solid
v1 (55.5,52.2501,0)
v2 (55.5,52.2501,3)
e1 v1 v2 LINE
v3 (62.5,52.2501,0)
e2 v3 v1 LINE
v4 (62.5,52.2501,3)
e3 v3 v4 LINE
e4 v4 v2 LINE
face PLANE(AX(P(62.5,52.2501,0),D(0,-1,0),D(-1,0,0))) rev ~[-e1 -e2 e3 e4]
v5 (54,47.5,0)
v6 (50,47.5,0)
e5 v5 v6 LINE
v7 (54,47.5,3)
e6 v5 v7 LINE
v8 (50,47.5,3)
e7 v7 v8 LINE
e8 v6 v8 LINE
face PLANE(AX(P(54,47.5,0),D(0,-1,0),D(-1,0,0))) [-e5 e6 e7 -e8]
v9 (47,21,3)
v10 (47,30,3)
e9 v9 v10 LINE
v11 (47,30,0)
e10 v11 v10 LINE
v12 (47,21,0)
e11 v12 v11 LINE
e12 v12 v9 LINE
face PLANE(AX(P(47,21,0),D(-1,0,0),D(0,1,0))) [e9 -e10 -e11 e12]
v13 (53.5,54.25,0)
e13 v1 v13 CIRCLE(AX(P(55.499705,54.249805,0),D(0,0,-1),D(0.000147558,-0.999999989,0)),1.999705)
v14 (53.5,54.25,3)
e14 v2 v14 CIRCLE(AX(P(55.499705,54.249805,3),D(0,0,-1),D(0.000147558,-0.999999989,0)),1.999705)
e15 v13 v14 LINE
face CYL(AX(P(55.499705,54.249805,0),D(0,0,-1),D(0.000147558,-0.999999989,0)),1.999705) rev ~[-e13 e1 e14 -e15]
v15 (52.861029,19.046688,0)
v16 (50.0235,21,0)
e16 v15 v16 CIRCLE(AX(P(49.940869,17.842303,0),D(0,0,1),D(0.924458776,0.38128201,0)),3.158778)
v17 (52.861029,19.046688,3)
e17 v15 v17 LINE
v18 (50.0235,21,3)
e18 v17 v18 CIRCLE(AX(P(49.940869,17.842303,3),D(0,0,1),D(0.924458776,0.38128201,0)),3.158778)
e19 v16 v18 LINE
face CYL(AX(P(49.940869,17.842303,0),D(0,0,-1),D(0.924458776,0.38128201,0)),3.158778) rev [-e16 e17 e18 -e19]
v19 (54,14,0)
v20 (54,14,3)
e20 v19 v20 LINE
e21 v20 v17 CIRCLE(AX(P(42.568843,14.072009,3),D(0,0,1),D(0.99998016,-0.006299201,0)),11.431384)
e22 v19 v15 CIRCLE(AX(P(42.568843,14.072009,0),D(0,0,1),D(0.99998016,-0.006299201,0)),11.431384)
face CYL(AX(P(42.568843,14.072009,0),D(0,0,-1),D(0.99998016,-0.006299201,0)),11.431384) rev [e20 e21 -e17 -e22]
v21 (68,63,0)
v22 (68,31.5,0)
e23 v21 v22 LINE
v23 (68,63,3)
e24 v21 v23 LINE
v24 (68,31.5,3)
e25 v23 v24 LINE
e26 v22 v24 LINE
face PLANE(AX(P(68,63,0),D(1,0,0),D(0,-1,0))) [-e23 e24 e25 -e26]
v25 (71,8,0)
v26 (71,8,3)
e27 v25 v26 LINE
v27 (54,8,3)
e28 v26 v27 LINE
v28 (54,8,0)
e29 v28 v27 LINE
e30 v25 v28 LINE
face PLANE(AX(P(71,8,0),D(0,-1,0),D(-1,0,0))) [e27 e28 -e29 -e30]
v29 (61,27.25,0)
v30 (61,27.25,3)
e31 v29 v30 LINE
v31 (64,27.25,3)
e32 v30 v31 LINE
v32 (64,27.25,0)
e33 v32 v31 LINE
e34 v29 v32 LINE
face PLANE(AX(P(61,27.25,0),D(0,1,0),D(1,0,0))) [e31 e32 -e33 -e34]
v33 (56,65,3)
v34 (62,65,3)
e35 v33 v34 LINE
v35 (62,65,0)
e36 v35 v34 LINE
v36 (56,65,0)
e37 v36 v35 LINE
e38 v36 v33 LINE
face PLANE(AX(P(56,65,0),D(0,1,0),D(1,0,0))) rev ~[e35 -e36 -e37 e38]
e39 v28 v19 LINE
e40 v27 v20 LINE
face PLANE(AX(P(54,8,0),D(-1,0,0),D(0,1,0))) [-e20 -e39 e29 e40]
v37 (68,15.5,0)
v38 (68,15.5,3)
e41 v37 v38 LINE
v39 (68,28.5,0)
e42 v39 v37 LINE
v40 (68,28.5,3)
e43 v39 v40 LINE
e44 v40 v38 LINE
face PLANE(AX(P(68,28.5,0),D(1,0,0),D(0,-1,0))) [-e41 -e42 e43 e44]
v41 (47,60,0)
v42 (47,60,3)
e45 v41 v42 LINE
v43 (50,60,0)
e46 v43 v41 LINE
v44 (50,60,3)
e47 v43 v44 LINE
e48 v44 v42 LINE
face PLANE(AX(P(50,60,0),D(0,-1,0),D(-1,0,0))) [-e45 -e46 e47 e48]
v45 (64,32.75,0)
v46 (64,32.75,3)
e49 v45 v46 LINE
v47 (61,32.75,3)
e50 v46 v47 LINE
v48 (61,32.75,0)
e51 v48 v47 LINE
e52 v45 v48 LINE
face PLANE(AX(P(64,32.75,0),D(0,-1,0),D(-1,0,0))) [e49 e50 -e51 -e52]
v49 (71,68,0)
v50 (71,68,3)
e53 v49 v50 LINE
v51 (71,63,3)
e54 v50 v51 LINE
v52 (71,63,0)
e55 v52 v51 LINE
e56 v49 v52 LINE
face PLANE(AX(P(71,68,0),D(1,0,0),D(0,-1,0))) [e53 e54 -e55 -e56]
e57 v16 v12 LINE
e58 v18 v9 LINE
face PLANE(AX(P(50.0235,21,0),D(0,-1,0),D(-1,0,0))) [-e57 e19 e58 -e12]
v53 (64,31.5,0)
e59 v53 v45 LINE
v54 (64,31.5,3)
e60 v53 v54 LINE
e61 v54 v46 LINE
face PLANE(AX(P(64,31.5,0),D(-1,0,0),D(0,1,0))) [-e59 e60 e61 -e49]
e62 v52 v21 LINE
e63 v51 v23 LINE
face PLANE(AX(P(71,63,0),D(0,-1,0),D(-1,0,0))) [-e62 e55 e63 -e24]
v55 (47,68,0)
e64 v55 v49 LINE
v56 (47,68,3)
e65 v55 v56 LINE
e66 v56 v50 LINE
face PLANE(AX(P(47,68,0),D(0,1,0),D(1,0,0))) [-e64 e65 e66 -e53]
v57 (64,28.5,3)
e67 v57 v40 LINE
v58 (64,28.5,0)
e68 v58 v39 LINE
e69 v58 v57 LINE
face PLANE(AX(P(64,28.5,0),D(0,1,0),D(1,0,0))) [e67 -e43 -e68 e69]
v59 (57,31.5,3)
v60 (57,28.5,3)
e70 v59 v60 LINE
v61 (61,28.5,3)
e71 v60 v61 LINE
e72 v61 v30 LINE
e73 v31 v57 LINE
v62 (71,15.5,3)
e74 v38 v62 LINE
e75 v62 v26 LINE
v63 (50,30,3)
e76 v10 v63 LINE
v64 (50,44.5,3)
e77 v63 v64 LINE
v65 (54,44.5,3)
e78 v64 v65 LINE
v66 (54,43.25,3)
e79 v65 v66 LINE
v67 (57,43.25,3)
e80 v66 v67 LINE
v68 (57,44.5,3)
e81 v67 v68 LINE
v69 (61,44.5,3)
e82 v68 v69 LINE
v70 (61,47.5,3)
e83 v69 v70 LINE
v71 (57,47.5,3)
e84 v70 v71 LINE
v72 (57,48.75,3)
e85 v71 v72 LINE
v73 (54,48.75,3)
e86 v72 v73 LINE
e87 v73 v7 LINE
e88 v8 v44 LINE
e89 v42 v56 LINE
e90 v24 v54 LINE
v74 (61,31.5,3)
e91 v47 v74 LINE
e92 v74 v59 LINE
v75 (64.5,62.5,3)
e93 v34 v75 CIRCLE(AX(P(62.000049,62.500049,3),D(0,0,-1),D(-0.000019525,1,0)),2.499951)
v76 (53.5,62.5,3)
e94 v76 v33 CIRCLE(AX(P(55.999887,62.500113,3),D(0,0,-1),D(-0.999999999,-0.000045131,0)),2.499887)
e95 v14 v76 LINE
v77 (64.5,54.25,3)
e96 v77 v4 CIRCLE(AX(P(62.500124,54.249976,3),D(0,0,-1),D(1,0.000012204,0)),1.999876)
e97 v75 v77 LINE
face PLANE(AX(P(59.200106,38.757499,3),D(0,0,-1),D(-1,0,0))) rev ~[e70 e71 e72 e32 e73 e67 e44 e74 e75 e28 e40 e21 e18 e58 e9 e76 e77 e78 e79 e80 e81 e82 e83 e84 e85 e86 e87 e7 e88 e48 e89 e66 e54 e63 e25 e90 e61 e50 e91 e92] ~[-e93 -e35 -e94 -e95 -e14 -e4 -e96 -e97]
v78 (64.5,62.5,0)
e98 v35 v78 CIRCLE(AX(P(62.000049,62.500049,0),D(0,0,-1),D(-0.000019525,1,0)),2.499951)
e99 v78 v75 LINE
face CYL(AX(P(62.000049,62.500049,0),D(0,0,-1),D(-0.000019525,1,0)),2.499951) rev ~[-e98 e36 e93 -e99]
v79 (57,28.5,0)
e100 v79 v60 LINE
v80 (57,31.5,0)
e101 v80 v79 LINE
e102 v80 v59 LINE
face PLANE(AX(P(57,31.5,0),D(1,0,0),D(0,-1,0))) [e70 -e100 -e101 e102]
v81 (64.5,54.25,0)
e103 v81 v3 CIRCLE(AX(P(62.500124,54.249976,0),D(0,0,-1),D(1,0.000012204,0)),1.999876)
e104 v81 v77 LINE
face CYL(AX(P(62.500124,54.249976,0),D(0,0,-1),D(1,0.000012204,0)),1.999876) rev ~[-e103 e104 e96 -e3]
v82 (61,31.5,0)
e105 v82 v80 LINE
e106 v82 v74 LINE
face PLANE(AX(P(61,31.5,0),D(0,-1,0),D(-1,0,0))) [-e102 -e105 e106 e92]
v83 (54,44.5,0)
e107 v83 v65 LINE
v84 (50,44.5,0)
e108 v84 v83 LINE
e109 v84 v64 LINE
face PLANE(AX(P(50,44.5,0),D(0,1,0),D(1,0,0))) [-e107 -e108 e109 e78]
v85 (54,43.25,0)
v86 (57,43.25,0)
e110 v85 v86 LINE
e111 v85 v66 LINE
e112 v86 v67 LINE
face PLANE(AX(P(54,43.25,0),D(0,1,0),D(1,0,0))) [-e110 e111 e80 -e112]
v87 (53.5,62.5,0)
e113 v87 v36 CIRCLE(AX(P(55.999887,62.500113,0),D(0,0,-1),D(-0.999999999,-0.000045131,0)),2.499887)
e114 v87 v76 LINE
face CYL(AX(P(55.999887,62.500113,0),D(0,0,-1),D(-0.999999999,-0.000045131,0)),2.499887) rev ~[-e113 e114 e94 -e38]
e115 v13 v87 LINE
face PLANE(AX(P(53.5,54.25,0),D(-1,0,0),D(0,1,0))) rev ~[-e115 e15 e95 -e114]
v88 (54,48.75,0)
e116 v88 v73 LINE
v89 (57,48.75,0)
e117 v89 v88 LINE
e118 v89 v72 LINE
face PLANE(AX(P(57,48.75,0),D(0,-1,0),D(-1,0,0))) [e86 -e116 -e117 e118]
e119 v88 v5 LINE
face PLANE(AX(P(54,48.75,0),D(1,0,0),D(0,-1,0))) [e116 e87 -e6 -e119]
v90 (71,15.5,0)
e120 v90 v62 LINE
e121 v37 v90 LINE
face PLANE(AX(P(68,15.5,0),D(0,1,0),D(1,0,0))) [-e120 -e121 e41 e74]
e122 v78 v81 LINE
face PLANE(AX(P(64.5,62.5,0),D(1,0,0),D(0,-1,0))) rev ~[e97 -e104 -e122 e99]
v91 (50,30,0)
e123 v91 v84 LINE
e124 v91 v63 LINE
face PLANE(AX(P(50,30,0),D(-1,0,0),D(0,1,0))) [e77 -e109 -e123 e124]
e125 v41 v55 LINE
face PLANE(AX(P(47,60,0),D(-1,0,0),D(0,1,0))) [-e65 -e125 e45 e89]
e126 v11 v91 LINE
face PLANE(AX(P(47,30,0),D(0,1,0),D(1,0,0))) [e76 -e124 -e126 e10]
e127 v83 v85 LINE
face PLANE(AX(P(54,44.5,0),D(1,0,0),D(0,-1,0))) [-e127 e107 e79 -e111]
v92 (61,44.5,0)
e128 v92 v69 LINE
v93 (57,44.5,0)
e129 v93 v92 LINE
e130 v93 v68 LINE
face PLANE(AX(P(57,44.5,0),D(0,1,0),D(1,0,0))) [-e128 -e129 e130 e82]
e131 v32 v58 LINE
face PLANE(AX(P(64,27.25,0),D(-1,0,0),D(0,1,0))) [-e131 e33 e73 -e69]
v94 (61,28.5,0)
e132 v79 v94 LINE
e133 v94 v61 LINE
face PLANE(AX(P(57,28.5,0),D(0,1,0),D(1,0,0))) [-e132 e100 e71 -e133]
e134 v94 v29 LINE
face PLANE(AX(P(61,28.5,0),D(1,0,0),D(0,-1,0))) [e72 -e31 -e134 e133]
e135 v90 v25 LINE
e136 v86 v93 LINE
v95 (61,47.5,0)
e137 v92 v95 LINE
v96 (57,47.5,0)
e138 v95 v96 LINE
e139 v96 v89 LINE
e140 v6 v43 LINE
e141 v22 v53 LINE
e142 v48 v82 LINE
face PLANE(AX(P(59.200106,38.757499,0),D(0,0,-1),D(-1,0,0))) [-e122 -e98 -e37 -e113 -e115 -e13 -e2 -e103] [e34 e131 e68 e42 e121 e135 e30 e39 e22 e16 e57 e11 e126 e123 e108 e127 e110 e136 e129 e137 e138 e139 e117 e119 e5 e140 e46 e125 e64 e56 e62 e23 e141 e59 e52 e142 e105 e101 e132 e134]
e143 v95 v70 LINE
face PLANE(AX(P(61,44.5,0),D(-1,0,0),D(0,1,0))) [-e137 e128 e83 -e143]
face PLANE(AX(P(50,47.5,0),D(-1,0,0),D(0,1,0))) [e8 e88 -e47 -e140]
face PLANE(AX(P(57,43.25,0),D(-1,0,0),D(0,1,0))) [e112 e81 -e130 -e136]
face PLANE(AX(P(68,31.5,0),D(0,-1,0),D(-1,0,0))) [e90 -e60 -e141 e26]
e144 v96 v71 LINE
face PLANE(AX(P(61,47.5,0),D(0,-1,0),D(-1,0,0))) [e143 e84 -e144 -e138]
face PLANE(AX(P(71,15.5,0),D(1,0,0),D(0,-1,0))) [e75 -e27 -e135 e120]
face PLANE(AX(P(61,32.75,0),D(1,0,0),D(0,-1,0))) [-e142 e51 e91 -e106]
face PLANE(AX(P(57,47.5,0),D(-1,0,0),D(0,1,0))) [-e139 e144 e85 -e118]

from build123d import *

# Parameters (mm, degrees)
BOSS_EXTRUDE1_DEPTH = 3


with BuildPart() as part:
    # Model → Boss-Extrude1 (new body)
    with BuildSketch(Plane.XY):
        with BuildLine():
            Line((71, 68), (71, 63))
            Line((71, 63), (68, 63))
            Line((68, 63), (68, 31.5))
            Line((68, 31.5), (64, 31.5))
            Line((64, 31.5), (64, 32.75))
            Line((64, 32.75), (61, 32.75))
            Line((61, 32.75), (61, 31.5))
            Line((61, 31.5), (57, 31.5))
            Line((57, 31.5), (57, 28.5))
            Line((57, 28.5), (61, 28.5))
            Line((61, 28.5), (61, 27.25))
            Line((61, 27.25), (64, 27.25))
            Line((64, 27.25), (64, 28.5))
            Line((64, 28.5), (68, 28.5))
            Line((68, 28.5), (68, 15.5))
            Line((68, 15.5), (71, 15.5))
            Line((71, 15.5), (71, 8))
            Line((71, 8), (54, 8))
            Line((54, 8), (54, 14))
            ThreePointArc((54, 14), (53.719770148, 16.588625278), (52.861029282, 19.046688281))
            ThreePointArc((52.861029282, 19.046688281), (51.73197083, 20.444193402), (50.0235, 21))
            Line((50.0235, 21), (47, 21))
            Line((47, 21), (47, 30))
            Line((47, 30), (50, 30))
            Line((50, 30), (50, 44.5))
            Line((50, 44.5), (54, 44.5))
            Line((54, 44.5), (54, 43.25))
            Line((54, 43.25), (57, 43.25))
            Line((57, 43.25), (57, 44.5))
            Line((57, 44.5), (61, 44.5))
            Line((61, 44.5), (61, 47.5))
            Line((61, 47.5), (57, 47.5))
            Line((57, 47.5), (57, 48.75))
            Line((57, 48.75), (54, 48.75))
            Line((54, 48.75), (54, 47.5))
            Line((54, 47.5), (50, 47.5))
            Line((50, 47.5), (50, 60))
            Line((50, 60), (47, 60))
            Line((47, 60), (47, 68))
            Line((47, 68), (71, 68))
        make_face()
        with BuildLine():
            Line((56, 65), (62, 65))
            ThreePointArc((62, 65), (63.76778125, 64.26778125), (64.5, 62.5))
            Line((64.5, 62.5), (64.5, 54.25))
            ThreePointArc((64.5, 54.25), (63.914214645, 52.835814644), (62.5, 52.2501))
            Line((62.5, 52.2501), (55.5, 52.2501))
            ThreePointArc((55.5, 52.2501), (54.085735358, 52.835764643), (53.5, 54.25))
            Line((53.5, 54.25), (53.5, 62.5))
            ThreePointArc((53.5, 62.5), (54.2322, 64.2678), (56, 65))
        make_face(mode=Mode.SUBTRACT)
    extrude(amount=BOSS_EXTRUDE1_DEPTH)


solid = part.part
